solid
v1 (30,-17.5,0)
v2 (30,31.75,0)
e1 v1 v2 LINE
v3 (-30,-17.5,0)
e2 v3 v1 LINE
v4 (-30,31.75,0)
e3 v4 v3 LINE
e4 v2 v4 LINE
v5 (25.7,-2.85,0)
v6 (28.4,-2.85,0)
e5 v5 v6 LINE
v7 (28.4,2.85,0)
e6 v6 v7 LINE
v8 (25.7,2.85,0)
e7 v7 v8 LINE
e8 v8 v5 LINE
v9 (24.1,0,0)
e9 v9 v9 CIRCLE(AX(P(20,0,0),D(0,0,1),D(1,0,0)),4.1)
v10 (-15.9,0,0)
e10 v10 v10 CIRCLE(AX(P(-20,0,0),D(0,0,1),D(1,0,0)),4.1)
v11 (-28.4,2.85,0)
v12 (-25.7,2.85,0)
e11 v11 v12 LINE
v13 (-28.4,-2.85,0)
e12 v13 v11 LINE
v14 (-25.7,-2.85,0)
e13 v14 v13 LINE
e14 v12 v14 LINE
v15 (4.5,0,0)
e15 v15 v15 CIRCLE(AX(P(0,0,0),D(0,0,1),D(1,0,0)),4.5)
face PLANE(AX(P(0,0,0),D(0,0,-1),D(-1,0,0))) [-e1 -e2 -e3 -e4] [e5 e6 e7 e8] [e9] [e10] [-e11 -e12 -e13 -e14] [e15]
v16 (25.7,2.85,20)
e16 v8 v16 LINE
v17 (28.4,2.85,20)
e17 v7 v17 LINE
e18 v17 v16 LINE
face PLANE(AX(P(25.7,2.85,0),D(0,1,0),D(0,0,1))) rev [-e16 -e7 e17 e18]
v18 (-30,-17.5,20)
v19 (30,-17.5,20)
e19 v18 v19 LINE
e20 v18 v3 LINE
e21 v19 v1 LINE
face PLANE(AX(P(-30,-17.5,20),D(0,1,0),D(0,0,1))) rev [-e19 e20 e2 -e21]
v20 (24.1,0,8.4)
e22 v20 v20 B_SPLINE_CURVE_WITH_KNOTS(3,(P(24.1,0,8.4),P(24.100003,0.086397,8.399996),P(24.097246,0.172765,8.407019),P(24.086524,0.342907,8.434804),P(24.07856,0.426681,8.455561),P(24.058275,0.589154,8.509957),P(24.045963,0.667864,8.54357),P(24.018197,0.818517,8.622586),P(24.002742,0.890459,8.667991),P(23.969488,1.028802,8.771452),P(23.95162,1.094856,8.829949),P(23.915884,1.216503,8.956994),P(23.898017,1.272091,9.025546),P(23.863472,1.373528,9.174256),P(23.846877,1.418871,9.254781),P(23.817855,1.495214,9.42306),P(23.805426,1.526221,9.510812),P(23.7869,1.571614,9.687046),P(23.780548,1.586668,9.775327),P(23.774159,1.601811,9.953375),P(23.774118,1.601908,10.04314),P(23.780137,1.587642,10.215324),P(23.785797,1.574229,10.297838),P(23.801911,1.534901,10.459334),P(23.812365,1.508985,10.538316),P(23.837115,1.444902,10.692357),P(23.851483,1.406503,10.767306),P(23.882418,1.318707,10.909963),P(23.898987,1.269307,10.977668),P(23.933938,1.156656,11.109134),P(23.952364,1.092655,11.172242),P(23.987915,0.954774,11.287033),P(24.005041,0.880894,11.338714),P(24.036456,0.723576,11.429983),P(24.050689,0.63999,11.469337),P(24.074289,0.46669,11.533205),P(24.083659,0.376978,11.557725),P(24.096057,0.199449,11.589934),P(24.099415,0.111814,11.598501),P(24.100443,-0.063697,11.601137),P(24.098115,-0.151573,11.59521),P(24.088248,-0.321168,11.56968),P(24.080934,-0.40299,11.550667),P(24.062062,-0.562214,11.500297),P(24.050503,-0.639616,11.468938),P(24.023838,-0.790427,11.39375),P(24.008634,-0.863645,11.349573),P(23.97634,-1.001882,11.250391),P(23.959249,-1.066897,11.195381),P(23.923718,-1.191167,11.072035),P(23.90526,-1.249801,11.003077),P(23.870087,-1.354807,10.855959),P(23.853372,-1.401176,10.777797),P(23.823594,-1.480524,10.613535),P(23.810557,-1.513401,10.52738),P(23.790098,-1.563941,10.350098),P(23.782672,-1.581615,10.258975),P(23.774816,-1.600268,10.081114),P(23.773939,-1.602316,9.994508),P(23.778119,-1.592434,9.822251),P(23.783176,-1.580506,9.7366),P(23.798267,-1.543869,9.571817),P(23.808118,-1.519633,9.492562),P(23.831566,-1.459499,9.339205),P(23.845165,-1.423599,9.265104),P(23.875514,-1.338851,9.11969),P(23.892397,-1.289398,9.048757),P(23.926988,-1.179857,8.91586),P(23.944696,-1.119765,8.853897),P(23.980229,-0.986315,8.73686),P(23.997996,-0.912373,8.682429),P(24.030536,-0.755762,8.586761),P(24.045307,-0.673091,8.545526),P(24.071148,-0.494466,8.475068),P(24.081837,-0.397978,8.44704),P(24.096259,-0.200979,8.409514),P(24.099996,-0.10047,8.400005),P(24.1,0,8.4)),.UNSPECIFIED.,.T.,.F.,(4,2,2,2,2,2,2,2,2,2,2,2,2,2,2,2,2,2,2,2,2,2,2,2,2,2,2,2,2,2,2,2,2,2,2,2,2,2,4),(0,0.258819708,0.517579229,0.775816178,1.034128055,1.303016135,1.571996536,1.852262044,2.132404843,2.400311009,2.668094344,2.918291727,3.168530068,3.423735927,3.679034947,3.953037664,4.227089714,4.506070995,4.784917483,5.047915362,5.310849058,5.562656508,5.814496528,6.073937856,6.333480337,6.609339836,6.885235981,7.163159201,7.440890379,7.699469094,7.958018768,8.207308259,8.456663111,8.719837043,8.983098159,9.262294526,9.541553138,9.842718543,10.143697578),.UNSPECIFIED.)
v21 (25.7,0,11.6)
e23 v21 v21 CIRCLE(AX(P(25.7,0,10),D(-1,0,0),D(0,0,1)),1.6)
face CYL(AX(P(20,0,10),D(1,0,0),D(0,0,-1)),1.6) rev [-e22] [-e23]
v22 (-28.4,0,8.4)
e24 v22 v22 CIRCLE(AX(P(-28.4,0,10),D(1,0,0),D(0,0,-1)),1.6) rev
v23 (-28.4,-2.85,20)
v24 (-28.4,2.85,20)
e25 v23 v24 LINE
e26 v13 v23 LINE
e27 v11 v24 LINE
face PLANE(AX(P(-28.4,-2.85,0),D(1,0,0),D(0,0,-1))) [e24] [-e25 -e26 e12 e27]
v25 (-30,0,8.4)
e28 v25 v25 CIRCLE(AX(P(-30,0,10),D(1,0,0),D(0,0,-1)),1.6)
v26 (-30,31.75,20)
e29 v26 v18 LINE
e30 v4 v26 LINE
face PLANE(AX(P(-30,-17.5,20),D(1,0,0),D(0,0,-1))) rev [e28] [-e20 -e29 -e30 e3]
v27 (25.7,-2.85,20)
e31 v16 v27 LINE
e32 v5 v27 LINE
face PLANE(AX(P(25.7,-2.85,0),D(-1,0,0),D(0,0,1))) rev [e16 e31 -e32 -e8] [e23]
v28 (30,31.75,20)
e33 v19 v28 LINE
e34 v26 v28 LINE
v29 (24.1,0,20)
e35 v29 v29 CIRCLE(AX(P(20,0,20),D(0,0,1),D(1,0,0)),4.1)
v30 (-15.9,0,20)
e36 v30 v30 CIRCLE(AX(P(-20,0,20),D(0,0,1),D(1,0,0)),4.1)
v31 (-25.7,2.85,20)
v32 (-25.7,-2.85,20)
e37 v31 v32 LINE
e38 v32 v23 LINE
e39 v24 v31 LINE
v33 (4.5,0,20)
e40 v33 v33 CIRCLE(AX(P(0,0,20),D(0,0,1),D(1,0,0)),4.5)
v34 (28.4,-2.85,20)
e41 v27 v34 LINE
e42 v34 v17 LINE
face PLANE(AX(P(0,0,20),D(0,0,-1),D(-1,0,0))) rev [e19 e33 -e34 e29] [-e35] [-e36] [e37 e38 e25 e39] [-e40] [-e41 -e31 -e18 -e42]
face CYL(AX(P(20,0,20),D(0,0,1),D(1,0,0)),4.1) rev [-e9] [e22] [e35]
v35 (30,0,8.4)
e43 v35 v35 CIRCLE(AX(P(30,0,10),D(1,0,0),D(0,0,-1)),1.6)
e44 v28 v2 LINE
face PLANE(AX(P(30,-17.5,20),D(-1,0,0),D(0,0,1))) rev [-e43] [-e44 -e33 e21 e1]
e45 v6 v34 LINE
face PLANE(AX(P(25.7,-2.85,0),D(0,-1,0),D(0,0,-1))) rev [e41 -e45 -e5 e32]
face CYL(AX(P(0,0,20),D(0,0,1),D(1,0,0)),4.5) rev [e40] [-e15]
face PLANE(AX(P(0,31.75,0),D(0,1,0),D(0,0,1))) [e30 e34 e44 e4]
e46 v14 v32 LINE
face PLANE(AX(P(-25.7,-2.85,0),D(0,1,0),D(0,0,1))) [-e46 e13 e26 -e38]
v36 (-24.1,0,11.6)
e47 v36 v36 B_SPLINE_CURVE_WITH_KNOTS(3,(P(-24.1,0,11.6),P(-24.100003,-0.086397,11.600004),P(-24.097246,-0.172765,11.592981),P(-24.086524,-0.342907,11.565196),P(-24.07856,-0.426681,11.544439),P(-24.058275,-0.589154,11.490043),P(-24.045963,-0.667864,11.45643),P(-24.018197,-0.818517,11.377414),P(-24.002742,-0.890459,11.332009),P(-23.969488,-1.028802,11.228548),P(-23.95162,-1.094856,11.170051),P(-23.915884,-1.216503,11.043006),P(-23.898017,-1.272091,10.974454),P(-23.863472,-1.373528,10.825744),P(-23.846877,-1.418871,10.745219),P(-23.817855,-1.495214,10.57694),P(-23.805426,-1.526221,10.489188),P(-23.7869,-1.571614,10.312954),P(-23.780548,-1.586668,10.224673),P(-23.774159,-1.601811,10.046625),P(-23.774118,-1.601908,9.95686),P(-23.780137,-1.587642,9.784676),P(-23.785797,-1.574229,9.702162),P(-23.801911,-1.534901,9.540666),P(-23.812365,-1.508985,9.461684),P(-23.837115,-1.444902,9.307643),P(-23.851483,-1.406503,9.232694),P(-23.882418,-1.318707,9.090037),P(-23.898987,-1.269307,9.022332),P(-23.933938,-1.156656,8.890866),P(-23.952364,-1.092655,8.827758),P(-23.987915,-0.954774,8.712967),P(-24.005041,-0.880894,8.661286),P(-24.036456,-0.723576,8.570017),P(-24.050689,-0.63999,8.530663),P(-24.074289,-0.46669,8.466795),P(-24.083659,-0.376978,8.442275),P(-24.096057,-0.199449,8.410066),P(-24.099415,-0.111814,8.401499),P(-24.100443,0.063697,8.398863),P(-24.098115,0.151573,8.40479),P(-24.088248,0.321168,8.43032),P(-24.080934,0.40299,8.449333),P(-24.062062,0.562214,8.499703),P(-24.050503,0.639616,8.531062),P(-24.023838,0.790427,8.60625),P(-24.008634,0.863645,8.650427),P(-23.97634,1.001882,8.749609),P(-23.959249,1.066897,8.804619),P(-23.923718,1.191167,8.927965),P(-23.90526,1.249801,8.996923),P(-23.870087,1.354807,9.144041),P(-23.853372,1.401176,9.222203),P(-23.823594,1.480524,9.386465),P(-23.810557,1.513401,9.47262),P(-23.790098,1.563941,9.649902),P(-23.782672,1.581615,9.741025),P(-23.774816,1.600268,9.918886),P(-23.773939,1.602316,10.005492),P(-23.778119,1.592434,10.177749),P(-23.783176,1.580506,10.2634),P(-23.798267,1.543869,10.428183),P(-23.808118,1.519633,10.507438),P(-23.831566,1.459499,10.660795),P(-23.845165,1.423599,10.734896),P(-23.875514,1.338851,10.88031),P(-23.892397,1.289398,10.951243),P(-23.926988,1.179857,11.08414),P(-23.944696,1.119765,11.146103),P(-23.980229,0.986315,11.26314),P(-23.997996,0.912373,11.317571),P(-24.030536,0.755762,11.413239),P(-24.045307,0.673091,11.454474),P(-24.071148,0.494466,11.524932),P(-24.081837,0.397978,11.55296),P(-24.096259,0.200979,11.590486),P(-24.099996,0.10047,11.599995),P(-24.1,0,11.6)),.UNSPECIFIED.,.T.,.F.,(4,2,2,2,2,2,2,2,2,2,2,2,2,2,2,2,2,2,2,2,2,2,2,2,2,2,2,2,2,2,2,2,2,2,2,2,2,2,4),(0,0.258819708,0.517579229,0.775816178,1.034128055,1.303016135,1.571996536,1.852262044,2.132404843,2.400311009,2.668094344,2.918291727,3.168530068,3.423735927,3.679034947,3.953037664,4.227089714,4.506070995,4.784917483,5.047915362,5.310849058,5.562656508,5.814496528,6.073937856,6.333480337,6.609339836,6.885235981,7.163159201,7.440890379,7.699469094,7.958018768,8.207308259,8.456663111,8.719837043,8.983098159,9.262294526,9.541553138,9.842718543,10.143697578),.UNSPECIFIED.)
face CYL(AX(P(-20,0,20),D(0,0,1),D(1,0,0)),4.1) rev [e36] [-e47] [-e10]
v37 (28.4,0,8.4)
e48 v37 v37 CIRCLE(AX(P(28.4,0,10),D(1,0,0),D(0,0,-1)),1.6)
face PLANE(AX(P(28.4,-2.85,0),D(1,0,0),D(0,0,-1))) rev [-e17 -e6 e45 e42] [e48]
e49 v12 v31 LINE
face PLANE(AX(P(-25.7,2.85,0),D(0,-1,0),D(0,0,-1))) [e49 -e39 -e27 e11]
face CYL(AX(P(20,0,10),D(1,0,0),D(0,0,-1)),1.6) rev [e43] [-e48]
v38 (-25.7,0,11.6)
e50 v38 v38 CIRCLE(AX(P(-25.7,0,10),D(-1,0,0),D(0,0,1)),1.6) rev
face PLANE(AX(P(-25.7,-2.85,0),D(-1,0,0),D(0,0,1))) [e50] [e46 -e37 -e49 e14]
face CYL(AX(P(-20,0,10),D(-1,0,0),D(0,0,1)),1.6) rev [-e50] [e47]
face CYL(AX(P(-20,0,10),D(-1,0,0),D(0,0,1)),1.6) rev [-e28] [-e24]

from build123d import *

# Parameters (mm, degrees)
SKETCH_1_W          = 60
SKETCH_1_H          = 35
EXTRUDE_1_DEPTH     = 20
HOLE_WIZARD_356_D   = 9
HOLE_WIZARD_461_D   = 8.2
SKETCH_8_W          = 2.7
SKETCH_8_H          = 5.7
CUT_EXTRUDE_1_DEPTH = 41.078048855
SKETCH_9_R          = 1.6
CUT_EXTRUDE_2_DEPTH = 10
SKETCH_10_W         = 60
SKETCH_10_H         = 20
EXTRUDE_2_DEPTH     = 14.25


with BuildPart() as part:
    # 草图1 → 凸台-拉伸1 (new body)
    with BuildSketch(Plane.XY):
        Rectangle(SKETCH_1_W, SKETCH_1_H)
    extrude(amount=EXTRUDE_1_DEPTH)

    # Hole Wizard 356 (through all)
    with Locations(Plane.XY.offset(20)):
        with Locations((0, 0)):
            Hole(HOLE_WIZARD_356_D / 2)

    # Hole Wizard 461 (through all)
    with Locations(Plane.XY.offset(20)):
        with Locations((20, 0), (-20, 0)):
            Hole(HOLE_WIZARD_461_D / 2)

    # 草图8 → 切除-拉伸1 (cut, through all)
    with BuildSketch(Plane.XY.offset(20)):
        with Locations((27.05, 0)):
            Rectangle(SKETCH_8_W, SKETCH_8_H)
    cut_extrude_1 = extrude(amount=-CUT_EXTRUDE_1_DEPTH, mode=Mode.SUBTRACT)

    # 草图9 → 切除-拉伸2 (cut)
    with BuildSketch(Plane(origin=(30, 0, 0), x_dir=(0, 0, -1), z_dir=(1, 0, 0))):
        with Locations(Location((-10, 0, 0), (0, 0, 180))):
            Circle(SKETCH_9_R)
    cut_extrude_2 = extrude(amount=-CUT_EXTRUDE_2_DEPTH, mode=Mode.SUBTRACT)

    # 镜向1: 切除-拉伸1, 切除-拉伸2 across plane
    add(cut_extrude_1.mirror(Plane(origin=(0, 0, 0), x_dir=(0, 0, 1), z_dir=(1, 0, 0))), mode=Mode.SUBTRACT)
    add(cut_extrude_2.mirror(Plane(origin=(0, 0, 0), x_dir=(0, 0, 1), z_dir=(1, 0, 0))), mode=Mode.SUBTRACT)

    # 草图10 → 凸台-拉伸2 (add)
    with BuildSketch(Plane(origin=(0, 17.5, 0), x_dir=(1, 0, 0), z_dir=(0, 1, 0))):
        with Locations((0, -10)):
            Rectangle(SKETCH_10_W, SKETCH_10_H)
    extrude(amount=EXTRUDE_2_DEPTH)


solid = part.part
